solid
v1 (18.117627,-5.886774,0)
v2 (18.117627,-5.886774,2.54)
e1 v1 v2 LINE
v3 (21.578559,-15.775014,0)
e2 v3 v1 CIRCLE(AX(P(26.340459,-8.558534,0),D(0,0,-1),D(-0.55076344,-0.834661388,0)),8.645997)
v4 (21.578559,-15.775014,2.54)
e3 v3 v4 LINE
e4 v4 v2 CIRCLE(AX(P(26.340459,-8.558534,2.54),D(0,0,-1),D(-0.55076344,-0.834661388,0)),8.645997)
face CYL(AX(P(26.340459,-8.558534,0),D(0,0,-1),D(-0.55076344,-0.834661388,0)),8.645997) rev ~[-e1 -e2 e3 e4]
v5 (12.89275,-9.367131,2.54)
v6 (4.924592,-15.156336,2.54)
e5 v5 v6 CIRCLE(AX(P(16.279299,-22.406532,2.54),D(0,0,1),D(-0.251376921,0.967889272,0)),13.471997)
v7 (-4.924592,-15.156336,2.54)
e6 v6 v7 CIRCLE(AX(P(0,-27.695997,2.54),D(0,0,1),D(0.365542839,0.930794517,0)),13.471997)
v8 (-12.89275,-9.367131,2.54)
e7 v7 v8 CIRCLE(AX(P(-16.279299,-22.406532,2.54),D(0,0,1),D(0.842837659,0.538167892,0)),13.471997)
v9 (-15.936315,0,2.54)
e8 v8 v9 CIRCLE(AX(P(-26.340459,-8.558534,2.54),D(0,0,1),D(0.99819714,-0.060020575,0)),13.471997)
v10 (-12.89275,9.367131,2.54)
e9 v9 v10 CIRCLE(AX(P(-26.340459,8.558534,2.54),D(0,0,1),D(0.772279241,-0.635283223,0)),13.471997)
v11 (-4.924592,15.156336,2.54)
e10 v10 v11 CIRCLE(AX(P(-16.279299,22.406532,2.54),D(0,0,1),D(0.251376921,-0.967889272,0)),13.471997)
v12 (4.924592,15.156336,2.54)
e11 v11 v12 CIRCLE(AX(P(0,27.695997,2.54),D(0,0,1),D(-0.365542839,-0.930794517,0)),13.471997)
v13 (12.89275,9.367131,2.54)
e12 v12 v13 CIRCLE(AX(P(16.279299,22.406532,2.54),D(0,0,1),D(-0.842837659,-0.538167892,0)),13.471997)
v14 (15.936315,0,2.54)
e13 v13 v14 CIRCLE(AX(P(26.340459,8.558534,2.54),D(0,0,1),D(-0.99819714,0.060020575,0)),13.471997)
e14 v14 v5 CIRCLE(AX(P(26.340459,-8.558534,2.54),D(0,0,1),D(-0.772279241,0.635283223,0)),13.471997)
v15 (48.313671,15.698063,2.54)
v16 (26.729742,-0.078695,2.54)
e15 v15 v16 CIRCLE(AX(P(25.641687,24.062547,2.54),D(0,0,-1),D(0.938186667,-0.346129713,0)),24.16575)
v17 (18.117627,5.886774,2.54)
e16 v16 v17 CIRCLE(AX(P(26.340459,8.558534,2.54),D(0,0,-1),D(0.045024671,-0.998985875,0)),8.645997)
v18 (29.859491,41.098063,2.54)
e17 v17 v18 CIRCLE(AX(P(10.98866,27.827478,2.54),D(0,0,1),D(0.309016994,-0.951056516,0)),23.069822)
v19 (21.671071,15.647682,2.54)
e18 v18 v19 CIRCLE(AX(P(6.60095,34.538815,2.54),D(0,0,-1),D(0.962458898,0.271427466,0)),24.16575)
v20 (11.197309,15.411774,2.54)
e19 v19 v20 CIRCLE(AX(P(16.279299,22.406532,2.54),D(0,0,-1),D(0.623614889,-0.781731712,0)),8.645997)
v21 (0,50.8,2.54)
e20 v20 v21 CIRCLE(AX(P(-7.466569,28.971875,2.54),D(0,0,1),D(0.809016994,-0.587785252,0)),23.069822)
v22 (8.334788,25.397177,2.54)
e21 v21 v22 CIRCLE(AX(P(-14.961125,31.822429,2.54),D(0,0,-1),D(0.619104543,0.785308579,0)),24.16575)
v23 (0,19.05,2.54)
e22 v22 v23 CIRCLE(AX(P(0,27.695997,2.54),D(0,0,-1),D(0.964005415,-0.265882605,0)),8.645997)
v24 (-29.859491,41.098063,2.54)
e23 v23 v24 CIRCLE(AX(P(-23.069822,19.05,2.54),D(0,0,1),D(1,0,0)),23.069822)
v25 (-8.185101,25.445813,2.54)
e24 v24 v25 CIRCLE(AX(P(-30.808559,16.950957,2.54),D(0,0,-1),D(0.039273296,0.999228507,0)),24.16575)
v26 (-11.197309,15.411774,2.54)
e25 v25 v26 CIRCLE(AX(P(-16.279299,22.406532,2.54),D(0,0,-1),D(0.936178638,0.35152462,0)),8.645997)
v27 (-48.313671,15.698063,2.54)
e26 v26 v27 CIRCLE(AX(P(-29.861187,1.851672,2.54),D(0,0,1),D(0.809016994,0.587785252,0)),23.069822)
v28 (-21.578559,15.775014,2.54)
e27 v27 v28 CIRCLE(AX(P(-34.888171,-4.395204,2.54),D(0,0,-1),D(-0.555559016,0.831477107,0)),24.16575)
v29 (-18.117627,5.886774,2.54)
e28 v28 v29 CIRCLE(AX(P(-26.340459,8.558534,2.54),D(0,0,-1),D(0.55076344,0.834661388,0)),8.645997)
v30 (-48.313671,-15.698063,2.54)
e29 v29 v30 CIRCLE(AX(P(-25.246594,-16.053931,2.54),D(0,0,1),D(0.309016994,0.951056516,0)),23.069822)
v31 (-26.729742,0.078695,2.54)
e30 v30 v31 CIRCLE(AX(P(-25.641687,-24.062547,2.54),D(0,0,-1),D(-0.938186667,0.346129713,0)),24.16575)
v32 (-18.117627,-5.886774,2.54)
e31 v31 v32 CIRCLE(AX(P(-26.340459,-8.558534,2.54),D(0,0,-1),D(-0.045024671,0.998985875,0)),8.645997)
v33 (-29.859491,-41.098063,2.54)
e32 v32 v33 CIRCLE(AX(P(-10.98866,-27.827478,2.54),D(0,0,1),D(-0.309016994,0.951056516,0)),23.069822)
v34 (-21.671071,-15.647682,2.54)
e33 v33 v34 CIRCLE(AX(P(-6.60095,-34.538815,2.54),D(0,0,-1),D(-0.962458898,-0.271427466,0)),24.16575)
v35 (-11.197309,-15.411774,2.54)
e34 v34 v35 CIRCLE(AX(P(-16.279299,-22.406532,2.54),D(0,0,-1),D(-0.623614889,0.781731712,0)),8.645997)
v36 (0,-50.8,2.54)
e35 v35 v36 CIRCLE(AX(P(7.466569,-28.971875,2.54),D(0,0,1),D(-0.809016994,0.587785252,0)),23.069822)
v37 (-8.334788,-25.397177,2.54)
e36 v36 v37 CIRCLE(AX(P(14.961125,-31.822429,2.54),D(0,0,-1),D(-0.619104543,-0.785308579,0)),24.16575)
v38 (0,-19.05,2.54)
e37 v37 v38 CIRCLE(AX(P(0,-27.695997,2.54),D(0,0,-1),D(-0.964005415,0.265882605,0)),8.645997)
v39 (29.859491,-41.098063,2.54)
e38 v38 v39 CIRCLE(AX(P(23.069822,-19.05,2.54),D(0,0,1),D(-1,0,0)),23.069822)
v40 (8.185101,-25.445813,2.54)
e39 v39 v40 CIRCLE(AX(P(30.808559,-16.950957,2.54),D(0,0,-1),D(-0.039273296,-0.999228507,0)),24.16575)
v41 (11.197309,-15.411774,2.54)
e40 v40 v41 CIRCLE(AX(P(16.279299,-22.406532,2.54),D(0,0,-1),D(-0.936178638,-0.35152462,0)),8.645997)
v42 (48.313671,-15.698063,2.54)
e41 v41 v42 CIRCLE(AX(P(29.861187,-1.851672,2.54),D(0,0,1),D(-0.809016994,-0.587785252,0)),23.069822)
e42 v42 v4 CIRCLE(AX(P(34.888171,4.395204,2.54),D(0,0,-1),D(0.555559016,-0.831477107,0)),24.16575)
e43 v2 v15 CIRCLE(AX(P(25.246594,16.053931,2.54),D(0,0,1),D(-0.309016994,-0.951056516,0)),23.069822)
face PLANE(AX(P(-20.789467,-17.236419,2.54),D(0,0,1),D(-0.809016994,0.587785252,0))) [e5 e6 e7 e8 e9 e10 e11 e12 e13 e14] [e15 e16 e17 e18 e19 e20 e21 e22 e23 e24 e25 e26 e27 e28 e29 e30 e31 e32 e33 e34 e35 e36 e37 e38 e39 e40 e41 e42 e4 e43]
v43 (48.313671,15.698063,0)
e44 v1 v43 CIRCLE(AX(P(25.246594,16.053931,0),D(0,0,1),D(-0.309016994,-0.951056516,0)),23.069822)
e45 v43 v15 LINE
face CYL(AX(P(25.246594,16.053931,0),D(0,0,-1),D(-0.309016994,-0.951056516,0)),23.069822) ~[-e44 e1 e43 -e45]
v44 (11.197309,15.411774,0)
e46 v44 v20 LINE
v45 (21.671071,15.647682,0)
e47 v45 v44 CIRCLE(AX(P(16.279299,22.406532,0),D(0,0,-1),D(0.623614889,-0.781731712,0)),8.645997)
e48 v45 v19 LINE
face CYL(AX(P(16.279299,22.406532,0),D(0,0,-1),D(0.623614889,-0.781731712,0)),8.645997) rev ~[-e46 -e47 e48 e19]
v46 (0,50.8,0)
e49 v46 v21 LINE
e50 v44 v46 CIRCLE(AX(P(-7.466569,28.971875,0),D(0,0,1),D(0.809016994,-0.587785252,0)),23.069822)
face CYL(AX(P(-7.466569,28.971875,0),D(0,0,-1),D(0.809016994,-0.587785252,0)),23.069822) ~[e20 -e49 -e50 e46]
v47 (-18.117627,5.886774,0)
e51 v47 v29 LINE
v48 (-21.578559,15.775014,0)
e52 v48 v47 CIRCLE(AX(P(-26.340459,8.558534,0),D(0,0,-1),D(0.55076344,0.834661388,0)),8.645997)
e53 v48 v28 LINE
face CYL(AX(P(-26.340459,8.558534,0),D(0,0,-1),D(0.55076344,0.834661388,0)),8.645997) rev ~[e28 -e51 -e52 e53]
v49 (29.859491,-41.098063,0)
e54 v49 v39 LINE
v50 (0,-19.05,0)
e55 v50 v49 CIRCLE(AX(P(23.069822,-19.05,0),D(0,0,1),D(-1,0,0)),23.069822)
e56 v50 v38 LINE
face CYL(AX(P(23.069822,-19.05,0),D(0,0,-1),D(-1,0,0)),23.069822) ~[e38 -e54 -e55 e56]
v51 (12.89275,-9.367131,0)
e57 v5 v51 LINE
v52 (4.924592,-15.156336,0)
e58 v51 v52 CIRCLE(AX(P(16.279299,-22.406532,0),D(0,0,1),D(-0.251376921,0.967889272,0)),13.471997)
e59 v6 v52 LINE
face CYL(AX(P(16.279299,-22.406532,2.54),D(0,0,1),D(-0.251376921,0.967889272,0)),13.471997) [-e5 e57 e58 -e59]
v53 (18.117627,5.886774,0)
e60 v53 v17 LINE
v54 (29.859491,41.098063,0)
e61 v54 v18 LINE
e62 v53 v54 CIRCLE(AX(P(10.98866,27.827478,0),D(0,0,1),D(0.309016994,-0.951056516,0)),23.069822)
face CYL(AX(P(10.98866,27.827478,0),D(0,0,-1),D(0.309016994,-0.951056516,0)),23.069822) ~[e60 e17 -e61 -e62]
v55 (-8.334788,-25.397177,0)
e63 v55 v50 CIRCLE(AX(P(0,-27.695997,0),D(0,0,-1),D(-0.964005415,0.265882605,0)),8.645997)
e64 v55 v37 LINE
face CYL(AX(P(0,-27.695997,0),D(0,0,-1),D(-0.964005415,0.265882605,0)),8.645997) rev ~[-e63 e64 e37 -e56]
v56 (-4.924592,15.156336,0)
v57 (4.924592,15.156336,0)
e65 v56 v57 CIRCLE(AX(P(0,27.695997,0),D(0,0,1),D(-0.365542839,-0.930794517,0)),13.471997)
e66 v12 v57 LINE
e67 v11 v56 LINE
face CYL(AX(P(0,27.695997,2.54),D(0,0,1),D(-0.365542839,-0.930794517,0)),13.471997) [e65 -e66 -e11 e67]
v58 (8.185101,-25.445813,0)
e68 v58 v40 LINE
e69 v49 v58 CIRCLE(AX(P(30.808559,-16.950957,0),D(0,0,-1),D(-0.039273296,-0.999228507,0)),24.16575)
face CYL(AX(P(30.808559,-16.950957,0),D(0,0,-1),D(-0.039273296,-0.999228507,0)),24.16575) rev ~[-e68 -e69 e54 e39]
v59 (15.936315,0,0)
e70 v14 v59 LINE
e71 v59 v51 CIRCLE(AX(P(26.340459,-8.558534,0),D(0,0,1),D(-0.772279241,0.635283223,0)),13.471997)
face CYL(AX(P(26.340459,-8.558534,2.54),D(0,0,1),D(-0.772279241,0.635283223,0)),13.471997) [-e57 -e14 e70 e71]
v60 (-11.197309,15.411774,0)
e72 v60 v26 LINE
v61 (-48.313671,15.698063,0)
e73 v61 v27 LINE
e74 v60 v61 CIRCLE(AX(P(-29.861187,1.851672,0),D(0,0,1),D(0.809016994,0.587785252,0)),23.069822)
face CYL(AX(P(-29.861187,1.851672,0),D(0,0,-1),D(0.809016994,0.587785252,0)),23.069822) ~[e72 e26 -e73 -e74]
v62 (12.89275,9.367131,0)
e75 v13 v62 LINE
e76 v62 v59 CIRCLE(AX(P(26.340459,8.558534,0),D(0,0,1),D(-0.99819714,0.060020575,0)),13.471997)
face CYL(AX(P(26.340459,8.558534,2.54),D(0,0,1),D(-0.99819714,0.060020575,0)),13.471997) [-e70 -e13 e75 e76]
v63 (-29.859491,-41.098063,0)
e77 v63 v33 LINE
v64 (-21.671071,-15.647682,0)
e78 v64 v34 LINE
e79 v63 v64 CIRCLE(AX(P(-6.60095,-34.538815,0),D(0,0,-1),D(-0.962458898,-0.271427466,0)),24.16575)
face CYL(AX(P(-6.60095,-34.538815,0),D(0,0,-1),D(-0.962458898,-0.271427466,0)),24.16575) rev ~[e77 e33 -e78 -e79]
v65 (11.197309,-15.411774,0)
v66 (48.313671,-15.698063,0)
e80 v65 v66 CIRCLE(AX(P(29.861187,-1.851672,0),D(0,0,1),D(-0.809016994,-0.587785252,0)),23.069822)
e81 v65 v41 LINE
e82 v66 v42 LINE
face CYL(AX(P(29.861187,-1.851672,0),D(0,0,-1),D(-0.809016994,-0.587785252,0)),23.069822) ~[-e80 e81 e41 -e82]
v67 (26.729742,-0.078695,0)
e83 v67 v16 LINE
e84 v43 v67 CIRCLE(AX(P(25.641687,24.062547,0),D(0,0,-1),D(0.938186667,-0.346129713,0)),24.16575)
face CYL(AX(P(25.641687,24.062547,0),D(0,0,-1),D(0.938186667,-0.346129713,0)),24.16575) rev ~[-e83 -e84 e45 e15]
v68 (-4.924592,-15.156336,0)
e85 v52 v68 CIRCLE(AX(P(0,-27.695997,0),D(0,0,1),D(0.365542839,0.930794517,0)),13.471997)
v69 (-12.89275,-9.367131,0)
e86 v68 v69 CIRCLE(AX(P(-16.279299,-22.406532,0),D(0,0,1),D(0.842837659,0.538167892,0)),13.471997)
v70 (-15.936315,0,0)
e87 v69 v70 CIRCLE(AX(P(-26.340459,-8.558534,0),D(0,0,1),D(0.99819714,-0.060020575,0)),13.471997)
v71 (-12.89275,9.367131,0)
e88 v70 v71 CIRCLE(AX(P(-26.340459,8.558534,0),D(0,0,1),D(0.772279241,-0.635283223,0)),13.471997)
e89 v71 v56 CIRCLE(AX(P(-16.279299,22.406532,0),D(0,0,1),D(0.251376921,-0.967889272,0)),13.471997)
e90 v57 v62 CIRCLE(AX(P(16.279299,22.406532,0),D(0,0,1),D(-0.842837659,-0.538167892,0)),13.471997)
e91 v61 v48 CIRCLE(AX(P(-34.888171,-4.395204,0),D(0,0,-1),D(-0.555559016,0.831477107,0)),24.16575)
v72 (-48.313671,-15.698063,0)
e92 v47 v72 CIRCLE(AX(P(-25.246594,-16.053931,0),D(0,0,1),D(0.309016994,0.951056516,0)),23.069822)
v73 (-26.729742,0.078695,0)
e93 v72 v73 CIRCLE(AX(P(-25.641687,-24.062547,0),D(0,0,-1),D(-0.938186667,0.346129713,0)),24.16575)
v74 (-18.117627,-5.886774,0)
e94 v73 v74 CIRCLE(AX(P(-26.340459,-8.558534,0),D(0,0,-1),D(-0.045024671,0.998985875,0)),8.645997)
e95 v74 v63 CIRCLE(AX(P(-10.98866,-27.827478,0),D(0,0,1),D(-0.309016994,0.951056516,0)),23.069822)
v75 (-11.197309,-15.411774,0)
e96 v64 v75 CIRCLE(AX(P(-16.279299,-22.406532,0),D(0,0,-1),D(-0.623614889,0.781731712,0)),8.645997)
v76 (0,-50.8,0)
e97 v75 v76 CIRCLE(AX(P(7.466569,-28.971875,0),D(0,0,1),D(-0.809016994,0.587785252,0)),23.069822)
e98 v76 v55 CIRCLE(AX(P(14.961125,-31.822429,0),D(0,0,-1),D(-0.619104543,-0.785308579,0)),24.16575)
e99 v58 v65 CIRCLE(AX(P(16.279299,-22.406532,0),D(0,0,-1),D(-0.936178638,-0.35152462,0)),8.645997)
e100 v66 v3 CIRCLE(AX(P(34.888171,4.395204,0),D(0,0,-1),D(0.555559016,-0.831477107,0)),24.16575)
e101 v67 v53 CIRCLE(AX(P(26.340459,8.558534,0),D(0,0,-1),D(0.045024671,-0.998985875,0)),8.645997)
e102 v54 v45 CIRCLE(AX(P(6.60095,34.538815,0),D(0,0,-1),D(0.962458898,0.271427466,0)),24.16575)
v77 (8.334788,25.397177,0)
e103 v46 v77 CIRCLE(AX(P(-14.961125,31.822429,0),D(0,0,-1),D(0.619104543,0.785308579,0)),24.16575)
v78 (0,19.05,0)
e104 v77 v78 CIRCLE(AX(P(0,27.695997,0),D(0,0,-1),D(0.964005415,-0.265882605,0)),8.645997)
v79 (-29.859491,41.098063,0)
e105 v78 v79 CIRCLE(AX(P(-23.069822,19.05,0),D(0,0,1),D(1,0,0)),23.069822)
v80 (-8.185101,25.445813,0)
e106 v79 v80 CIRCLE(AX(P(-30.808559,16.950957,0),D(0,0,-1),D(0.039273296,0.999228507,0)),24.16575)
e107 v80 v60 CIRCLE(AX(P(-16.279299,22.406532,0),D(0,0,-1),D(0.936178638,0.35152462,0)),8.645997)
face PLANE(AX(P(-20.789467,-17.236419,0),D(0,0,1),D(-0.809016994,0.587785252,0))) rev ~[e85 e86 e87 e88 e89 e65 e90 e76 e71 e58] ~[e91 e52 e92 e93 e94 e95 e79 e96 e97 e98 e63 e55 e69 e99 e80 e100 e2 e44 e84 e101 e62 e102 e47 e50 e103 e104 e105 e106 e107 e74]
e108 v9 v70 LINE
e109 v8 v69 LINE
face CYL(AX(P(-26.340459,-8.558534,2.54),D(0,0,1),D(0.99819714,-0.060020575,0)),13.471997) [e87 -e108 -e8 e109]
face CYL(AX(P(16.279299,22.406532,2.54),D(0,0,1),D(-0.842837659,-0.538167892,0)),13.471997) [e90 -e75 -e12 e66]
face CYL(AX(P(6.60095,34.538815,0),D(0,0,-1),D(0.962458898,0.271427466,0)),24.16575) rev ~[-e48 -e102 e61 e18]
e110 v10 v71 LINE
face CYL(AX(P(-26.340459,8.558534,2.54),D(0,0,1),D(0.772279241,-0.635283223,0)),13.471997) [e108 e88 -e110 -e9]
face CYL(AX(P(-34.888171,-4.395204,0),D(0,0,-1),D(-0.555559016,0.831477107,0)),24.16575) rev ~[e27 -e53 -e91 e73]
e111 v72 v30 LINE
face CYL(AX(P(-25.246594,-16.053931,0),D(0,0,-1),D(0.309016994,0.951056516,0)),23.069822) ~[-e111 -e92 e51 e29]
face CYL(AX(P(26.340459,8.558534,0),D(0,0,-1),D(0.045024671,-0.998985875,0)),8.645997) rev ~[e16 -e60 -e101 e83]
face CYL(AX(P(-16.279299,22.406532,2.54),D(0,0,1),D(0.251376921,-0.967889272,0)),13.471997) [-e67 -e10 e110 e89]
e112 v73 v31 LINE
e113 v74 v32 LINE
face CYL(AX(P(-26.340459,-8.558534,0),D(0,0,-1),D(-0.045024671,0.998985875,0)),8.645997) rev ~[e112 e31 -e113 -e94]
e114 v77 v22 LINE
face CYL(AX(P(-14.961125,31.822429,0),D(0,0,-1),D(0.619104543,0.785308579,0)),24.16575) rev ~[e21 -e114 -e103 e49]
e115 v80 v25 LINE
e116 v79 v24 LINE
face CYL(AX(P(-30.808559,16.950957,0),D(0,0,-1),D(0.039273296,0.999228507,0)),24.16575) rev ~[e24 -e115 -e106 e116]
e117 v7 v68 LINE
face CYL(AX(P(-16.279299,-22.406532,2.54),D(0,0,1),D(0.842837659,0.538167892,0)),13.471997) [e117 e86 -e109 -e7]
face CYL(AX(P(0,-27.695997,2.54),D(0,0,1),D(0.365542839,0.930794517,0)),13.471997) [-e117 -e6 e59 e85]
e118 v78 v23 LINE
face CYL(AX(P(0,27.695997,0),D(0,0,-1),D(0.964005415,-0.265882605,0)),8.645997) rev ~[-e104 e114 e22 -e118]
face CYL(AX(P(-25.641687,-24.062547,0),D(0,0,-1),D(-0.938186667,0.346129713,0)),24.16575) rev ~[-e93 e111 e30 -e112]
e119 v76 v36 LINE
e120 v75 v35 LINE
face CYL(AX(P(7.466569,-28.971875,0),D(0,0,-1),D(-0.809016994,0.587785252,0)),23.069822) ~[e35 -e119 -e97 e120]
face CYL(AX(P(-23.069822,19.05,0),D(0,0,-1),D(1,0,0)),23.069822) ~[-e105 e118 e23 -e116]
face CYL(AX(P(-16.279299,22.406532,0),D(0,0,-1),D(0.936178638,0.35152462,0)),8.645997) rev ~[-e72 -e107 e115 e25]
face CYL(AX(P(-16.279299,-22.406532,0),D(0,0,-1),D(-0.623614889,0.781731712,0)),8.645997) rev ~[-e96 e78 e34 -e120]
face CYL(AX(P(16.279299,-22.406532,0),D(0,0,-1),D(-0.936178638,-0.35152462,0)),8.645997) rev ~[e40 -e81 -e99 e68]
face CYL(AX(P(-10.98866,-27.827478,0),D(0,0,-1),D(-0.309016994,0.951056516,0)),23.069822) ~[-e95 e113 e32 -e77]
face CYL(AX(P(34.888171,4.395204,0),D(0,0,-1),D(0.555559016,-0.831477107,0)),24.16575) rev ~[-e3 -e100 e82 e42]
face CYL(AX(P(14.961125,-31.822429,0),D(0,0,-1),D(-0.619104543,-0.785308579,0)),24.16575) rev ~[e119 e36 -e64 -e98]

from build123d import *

# Parameters (mm, degrees)
BOSS_EXTRUDE1_DEPTH = 2.54
CIRPATTERN1_COUNT   = 10
CUT_EXTRUDE1_REACH  = 72.152


with BuildPart() as part:
    # Sketch1 → Boss-Extrude1 (new body)
    with BuildSketch(Plane.XY):
        with BuildLine():
            Line((0, 0), (11.197309056, 15.411773743))
            ThreePointArc((11.197309056, 15.411773743), (14.528469134, 35.931399889), (0, 50.8))
            ThreePointArc((0, 50.8), (8.000279424, 39.356176552), (8.334788134, 25.39717695))
            ThreePointArc((8.334788134, 25.39717695), (5.238209343, 20.817448624), (0, 19.05))
            Line((0, 19.05), (0, 0))
        make_face()
    extrude(amount=BOSS_EXTRUDE1_DEPTH)


with BuildPart() as cirpattern1_1:
    # CirPattern1: pattern copy
    add(part.part.rotate(Axis((0, 0, 0), (0, 0, 1)), 1 * 360 / CIRPATTERN1_COUNT))


with BuildPart() as cirpattern1_2:
    # CirPattern1: pattern copy
    add(part.part.rotate(Axis((0, 0, 0), (0, 0, 1)), 2 * 360 / CIRPATTERN1_COUNT))


with BuildPart() as cirpattern1_3:
    # CirPattern1: pattern copy
    add(part.part.rotate(Axis((0, 0, 0), (0, 0, 1)), 3 * 360 / CIRPATTERN1_COUNT))


with BuildPart() as cirpattern1_4:
    # CirPattern1: pattern copy
    add(part.part.rotate(Axis((0, 0, 0), (0, 0, 1)), 4 * 360 / CIRPATTERN1_COUNT))


with BuildPart() as cirpattern1_5:
    # CirPattern1: pattern copy
    add(part.part.rotate(Axis((0, 0, 0), (0, 0, 1)), 5 * 360 / CIRPATTERN1_COUNT))


with BuildPart() as cirpattern1_6:
    # CirPattern1: pattern copy
    add(part.part.rotate(Axis((0, 0, 0), (0, 0, 1)), 6 * 360 / CIRPATTERN1_COUNT))


with BuildPart() as cirpattern1_7:
    # CirPattern1: pattern copy
    add(part.part.rotate(Axis((0, 0, 0), (0, 0, 1)), 7 * 360 / CIRPATTERN1_COUNT))


with BuildPart() as cirpattern1_8:
    # CirPattern1: pattern copy
    add(part.part.rotate(Axis((0, 0, 0), (0, 0, 1)), 8 * 360 / CIRPATTERN1_COUNT))


with BuildPart() as cirpattern1_9:
    # CirPattern1: pattern copy
    add(part.part.rotate(Axis((0, 0, 0), (0, 0, 1)), 9 * 360 / CIRPATTERN1_COUNT))


with BuildPart() as cirpattern1_8_1:
    add(cirpattern1_8.part)

    # Combine1: union CirPattern1_3, CirPattern1_7, CirPattern1_2, CirPattern1_6, part, CirPattern1_1, CirPattern1_5, CirPattern1_9, CirPattern1_4
    add(cirpattern1_3.part)
    add(cirpattern1_7.part)
    add(cirpattern1_2.part)
    add(cirpattern1_6.part)
    add(part.part)
    add(cirpattern1_1.part)
    add(cirpattern1_5.part)
    add(cirpattern1_9.part)
    add(cirpattern1_4.part)

    # Sketch2 → Cut-Extrude1 (cut, up to next)
    with BuildSketch(Plane.XY.offset(2.54), mode=Mode.PRIVATE) as cut_extrude1_sk1:
        with BuildLine():
            ThreePointArc((12.892749535, 9.36713084), (13.527827888, 4.395457728), (15.936314842, 0))
            ThreePointArc((15.936314842, 0), (13.527827888, -4.395457728), (12.892749535, -9.36713084))
            ThreePointArc((12.892749535, -9.36713084), (8.360657429, -11.507457728), (4.924592114, -15.156336076))
            ThreePointArc((4.924592114, -15.156336076), (0, -14.224), (-4.924592114, -15.156336076))
            ThreePointArc((-4.924592114, -15.156336076), (-8.360657429, -11.507457728), (-12.892749535, -9.36713084))
            ThreePointArc((-12.892749535, -9.36713084), (-13.527827888, -4.395457728), (-15.936314842, 0))
            ThreePointArc((-15.936314842, 0), (-13.527827888, 4.395457728), (-12.892749535, 9.36713084))
            ThreePointArc((-12.892749535, 9.36713084), (-8.360657429, 11.507457728), (-4.924592114, 15.156336076))
            ThreePointArc((-4.924592114, 15.156336076), (0, 14.224), (4.924592114, 15.156336076))
            ThreePointArc((4.924592114, 15.156336076), (8.360657429, 11.507457728), (12.892749535, 9.36713084))
        make_face()
    cut_extrude1_tool1 = extrude(cut_extrude1_sk1.sketch, amount=-CUT_EXTRUDE1_REACH, mode=Mode.PRIVATE) & cirpattern1_8_1.part
    add(cut_extrude1_tool1.solids().sort_by_distance((0, 0, 2.54))[0], mode=Mode.SUBTRACT)


solid = cirpattern1_8_1.part
